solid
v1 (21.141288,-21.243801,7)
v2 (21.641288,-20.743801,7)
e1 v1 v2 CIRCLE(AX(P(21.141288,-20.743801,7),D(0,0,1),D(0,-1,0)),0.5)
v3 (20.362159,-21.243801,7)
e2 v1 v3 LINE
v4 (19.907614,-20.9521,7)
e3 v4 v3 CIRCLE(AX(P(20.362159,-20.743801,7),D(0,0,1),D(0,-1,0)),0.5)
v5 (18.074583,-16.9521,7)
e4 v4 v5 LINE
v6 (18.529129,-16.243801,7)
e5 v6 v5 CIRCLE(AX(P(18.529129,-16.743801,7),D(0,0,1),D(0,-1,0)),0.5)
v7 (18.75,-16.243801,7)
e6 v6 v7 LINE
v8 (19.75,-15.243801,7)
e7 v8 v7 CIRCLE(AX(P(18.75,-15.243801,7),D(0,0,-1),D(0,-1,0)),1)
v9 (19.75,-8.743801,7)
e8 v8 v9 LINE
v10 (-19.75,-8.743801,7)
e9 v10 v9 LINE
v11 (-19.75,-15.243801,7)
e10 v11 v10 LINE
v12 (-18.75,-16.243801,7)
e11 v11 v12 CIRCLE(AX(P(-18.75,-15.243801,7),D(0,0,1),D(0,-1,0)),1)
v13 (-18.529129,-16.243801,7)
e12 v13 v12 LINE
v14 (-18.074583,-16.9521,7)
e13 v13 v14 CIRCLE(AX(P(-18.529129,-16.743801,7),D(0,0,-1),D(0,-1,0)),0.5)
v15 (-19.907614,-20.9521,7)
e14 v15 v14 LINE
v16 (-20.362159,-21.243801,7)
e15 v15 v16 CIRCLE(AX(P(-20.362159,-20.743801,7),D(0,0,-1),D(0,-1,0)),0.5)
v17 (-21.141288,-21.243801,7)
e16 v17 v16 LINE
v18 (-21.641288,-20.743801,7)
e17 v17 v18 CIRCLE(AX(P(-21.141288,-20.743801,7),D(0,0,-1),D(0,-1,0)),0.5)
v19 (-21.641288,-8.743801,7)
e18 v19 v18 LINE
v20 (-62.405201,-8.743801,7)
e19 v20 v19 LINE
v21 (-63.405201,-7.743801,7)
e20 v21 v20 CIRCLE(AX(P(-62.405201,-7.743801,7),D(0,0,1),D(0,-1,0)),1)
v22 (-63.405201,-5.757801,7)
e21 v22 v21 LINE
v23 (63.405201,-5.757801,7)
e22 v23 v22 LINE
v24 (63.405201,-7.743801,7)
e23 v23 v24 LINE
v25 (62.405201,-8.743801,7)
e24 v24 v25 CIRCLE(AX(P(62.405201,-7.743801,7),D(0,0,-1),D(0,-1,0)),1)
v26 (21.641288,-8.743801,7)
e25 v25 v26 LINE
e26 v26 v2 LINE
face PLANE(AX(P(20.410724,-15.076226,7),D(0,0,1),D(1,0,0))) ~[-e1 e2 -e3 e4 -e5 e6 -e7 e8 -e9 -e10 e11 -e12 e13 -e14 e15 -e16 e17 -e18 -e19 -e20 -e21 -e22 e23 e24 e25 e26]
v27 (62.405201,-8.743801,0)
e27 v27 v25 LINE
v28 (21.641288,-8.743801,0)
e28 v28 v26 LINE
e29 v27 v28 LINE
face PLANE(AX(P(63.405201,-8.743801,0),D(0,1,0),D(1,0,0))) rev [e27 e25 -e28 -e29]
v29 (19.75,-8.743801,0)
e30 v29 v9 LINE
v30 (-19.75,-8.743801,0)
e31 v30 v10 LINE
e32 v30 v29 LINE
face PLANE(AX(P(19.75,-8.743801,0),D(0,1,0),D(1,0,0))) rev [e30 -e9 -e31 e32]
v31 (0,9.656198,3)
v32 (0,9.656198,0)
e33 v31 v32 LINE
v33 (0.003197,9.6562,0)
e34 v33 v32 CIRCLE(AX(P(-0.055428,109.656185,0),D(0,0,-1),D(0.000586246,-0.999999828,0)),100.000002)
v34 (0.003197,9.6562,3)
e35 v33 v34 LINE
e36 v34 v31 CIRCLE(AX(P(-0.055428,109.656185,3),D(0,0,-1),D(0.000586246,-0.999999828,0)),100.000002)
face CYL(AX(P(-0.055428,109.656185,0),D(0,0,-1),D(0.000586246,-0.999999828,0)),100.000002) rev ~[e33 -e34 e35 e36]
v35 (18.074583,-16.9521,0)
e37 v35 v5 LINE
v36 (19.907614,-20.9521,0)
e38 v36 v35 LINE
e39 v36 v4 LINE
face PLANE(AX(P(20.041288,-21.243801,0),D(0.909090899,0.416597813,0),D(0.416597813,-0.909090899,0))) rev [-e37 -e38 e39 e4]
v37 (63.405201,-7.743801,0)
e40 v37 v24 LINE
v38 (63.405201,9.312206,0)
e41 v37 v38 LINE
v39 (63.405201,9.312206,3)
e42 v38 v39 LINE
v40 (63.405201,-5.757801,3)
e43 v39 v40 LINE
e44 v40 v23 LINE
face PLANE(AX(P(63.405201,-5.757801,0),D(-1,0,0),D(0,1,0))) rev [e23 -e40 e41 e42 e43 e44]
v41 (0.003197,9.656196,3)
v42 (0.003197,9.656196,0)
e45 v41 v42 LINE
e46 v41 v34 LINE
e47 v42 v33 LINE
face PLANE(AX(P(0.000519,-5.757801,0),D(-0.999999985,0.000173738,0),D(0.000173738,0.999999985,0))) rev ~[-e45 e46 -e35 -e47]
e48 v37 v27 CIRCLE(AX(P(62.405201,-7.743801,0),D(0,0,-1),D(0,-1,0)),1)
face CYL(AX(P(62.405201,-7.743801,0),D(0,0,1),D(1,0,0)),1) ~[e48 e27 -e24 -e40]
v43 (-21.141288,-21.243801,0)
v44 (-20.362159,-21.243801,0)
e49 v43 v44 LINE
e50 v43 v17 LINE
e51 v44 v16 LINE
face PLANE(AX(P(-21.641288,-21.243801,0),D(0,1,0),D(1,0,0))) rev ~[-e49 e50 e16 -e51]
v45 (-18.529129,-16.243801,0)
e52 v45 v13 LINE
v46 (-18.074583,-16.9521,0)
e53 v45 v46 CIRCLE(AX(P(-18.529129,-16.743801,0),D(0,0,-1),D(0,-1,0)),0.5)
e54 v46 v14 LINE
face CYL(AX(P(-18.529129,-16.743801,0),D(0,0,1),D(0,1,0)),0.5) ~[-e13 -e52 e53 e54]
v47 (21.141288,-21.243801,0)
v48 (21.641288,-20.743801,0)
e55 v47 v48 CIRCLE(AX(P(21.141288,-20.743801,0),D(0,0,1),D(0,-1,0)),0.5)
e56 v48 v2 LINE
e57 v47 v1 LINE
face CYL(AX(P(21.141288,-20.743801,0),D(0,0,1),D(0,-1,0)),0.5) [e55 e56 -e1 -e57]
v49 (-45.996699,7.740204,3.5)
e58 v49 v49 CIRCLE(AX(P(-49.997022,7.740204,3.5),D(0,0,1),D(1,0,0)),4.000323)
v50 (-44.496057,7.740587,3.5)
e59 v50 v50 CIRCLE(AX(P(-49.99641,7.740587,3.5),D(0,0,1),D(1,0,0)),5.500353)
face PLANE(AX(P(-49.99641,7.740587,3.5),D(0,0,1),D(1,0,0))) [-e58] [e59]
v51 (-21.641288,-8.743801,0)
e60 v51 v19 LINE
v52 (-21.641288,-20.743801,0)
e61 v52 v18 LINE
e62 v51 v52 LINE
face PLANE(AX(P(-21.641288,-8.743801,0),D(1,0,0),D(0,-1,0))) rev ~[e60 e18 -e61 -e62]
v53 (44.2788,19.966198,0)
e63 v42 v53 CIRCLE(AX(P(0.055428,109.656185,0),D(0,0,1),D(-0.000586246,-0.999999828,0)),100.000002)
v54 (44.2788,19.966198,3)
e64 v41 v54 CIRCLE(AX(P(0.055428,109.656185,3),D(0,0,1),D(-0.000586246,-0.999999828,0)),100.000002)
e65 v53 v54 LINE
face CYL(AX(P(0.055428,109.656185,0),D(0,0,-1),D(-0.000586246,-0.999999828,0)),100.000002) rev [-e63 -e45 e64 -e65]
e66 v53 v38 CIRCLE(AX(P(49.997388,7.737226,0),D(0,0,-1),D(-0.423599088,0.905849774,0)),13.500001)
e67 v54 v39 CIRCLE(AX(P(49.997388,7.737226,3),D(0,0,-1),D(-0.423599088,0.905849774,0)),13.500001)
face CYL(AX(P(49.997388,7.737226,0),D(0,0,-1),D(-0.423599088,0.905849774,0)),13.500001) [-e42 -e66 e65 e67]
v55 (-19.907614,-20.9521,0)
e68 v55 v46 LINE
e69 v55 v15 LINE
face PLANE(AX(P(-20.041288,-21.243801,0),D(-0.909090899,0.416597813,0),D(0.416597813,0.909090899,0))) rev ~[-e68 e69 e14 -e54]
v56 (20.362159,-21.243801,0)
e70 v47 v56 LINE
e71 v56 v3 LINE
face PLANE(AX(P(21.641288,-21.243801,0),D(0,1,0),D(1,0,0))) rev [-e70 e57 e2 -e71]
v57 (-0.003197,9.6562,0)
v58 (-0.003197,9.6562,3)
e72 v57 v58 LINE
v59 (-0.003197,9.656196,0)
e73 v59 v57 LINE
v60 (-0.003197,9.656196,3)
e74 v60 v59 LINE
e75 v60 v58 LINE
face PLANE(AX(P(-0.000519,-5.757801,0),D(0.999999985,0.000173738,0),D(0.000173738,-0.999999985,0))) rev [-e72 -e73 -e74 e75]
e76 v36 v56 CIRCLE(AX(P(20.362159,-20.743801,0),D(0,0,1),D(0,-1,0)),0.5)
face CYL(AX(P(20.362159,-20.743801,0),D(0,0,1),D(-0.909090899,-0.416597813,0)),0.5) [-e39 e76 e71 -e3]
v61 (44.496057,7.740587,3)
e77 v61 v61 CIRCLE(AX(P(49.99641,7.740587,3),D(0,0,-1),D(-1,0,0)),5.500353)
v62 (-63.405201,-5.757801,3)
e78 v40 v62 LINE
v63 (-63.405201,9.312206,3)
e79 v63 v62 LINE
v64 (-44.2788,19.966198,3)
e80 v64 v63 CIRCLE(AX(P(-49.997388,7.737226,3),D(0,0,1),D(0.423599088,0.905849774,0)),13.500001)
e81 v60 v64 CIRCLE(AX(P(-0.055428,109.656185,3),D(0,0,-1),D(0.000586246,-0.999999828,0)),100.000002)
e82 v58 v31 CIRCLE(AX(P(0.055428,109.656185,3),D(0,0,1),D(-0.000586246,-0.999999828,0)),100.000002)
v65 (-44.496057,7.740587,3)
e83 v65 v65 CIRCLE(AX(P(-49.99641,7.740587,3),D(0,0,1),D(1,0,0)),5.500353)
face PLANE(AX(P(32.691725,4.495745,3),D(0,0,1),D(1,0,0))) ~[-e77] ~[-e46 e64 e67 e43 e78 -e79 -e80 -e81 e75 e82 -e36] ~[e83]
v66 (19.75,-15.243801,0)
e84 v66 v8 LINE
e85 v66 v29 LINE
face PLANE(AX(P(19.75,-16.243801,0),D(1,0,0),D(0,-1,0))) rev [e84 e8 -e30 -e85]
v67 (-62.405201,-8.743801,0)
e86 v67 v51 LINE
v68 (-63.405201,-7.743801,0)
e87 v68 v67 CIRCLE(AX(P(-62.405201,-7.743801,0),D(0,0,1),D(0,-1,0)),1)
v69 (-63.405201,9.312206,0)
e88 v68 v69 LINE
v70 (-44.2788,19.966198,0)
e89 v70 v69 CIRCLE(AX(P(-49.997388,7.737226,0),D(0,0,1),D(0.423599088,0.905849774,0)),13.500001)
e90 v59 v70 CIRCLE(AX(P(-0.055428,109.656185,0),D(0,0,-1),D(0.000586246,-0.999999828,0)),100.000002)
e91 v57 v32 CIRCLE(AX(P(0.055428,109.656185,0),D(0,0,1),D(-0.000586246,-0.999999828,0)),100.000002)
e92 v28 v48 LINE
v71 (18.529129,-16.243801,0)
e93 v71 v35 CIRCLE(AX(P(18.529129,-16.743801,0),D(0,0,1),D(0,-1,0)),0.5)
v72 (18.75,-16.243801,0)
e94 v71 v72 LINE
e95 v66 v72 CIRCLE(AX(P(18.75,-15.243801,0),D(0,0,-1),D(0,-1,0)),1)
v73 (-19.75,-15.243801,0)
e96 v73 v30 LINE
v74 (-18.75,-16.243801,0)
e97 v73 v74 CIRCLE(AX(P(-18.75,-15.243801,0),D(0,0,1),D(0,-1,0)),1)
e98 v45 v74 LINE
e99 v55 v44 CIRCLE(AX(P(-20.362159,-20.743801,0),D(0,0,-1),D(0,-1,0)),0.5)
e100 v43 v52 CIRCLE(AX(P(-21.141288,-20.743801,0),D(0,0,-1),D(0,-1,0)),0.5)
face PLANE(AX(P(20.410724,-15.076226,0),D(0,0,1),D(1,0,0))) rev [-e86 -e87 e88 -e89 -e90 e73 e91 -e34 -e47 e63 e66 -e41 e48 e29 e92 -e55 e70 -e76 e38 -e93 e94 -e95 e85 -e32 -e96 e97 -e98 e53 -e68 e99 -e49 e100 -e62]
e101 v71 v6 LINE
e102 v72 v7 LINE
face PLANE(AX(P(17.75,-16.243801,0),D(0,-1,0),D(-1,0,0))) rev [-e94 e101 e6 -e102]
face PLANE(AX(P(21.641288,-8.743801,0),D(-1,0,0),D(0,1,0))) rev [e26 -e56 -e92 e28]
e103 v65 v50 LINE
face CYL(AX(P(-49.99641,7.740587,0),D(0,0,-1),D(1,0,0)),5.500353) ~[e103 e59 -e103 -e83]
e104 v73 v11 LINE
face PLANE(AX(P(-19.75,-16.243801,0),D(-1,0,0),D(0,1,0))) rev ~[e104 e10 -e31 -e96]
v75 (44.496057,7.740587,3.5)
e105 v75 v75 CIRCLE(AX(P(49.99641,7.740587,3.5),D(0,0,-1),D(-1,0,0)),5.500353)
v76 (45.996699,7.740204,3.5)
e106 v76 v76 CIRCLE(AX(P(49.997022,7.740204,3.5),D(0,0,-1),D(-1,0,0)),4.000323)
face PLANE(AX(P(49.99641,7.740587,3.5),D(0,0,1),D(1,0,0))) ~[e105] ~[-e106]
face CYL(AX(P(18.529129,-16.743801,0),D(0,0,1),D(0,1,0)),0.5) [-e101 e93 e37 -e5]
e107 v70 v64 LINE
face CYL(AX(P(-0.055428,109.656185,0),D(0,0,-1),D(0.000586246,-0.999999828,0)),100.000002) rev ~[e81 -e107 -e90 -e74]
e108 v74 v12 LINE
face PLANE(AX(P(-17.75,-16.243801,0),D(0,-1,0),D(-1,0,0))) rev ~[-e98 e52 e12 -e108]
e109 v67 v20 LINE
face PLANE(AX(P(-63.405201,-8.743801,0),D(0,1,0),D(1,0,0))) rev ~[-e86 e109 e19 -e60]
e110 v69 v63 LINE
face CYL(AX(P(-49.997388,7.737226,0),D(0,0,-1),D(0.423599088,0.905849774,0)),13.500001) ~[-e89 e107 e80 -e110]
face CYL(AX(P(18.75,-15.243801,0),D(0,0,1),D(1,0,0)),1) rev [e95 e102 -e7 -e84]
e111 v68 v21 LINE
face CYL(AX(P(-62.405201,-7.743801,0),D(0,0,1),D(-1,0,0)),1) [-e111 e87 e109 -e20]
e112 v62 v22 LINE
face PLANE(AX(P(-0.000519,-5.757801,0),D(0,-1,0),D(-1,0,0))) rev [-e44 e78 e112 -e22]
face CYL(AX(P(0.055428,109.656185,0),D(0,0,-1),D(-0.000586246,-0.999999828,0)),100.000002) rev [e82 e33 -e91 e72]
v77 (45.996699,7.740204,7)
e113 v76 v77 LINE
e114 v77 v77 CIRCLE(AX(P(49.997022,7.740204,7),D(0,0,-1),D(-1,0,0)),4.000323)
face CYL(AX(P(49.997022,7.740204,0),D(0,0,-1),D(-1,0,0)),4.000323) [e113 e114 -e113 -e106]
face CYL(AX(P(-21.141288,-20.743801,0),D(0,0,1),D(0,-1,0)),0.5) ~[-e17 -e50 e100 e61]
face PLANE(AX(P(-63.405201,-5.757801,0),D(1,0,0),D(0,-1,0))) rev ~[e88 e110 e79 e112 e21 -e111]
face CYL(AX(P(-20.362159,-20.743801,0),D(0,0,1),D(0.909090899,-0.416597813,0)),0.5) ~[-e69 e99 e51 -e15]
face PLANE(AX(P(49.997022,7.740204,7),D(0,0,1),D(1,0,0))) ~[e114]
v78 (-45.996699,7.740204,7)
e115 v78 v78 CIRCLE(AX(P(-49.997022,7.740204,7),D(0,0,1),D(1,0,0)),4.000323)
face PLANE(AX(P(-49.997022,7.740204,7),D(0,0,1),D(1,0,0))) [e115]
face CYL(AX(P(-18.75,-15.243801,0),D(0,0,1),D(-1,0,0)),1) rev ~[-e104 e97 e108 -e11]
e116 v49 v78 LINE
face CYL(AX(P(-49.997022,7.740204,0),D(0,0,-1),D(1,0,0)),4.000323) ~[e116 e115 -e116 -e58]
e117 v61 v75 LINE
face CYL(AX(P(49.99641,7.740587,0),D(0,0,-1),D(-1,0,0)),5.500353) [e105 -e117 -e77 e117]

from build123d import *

# Parameters (mm, degrees)
F0_R     = 5.500353
F1_DEPTH = 3
F0_R_2   = 4.000323
F2_DEPTH = 3.5
F3_DEPTH = 7
F4_R     = 1
F5_R     = 0.5


with BuildPart() as f1:
    # F0 (on Top) → F1 (new body)
    with BuildSketch(Plane.XY):
        with BuildLine():
            ThreePointArc((0.003197, 9.6562), (-22.731522, 12.261138), (-44.2788, 19.966198))
            ThreePointArc((-44.2788, 19.966198), (-56.566858, 19.530956), (-63.405201, 9.312206))
            Line((-63.405201, 9.312206), (-63.405201, -5.757801))
            Line((-63.405201, -5.757801), (0.000519, -5.757801))
            Line((0.000519, -5.757801), (0.003197, 9.6562))
        make_face()
        with Locations((-49.99641, 7.740587)):
            Circle(F0_R, mode=Mode.SUBTRACT)
    extrude(amount=F1_DEPTH)

    # F0 (on Top) → F2 (join)
    with BuildSketch(Plane.XY):
        with Locations((-49.99641, 7.740587)):
            Circle(F0_R)
        with Locations((-49.997022, 7.740204)):
            Circle(F0_R_2, mode=Mode.SUBTRACT)
    extrude(amount=F2_DEPTH)

    # F0 (on Top) → F3 (join)
    with BuildSketch(Plane.XY):
        Polygon((-19.75, -8.743801), (-21.641288, -8.743801), (-21.641288, -21.243801), (-20.041288, -21.243801), (-17.75, -16.243801), (-19.75, -16.243801), align=None)
        with Locations((-49.997022, 7.740204)):
            Circle(F0_R_2)
        Polygon((0.000519, -5.757801), (-63.405201, -5.757801), (-63.405201, -8.743801), (-21.641288, -8.743801), (-19.75, -8.743801), (0, -8.743801), align=None)
    extrude(amount=F3_DEPTH)

    # F4
    f4_edges = [f1.edges().sort_by_distance(p)[0] for p in [
        (-19.75, -16.243801, 3.5),
        (-63.405201, -8.743801, 3.5),
    ]]
    fillet(f4_edges, radius=F4_R)

    # F5
    f5_edges = [f1.edges().sort_by_distance(p)[0] for p in [
        (-17.75, -16.243801, 3.5),
        (-20.041288, -21.243801, 3.5),
        (-21.641288, -21.243801, 3.5),
    ]]
    fillet(f5_edges, radius=F5_R)

    # F6: F1 across plane


with BuildPart() as f1_1:
    add(f1.part)
    add(f1.part.mirror(Plane.YZ))


solid = f1_1.part
